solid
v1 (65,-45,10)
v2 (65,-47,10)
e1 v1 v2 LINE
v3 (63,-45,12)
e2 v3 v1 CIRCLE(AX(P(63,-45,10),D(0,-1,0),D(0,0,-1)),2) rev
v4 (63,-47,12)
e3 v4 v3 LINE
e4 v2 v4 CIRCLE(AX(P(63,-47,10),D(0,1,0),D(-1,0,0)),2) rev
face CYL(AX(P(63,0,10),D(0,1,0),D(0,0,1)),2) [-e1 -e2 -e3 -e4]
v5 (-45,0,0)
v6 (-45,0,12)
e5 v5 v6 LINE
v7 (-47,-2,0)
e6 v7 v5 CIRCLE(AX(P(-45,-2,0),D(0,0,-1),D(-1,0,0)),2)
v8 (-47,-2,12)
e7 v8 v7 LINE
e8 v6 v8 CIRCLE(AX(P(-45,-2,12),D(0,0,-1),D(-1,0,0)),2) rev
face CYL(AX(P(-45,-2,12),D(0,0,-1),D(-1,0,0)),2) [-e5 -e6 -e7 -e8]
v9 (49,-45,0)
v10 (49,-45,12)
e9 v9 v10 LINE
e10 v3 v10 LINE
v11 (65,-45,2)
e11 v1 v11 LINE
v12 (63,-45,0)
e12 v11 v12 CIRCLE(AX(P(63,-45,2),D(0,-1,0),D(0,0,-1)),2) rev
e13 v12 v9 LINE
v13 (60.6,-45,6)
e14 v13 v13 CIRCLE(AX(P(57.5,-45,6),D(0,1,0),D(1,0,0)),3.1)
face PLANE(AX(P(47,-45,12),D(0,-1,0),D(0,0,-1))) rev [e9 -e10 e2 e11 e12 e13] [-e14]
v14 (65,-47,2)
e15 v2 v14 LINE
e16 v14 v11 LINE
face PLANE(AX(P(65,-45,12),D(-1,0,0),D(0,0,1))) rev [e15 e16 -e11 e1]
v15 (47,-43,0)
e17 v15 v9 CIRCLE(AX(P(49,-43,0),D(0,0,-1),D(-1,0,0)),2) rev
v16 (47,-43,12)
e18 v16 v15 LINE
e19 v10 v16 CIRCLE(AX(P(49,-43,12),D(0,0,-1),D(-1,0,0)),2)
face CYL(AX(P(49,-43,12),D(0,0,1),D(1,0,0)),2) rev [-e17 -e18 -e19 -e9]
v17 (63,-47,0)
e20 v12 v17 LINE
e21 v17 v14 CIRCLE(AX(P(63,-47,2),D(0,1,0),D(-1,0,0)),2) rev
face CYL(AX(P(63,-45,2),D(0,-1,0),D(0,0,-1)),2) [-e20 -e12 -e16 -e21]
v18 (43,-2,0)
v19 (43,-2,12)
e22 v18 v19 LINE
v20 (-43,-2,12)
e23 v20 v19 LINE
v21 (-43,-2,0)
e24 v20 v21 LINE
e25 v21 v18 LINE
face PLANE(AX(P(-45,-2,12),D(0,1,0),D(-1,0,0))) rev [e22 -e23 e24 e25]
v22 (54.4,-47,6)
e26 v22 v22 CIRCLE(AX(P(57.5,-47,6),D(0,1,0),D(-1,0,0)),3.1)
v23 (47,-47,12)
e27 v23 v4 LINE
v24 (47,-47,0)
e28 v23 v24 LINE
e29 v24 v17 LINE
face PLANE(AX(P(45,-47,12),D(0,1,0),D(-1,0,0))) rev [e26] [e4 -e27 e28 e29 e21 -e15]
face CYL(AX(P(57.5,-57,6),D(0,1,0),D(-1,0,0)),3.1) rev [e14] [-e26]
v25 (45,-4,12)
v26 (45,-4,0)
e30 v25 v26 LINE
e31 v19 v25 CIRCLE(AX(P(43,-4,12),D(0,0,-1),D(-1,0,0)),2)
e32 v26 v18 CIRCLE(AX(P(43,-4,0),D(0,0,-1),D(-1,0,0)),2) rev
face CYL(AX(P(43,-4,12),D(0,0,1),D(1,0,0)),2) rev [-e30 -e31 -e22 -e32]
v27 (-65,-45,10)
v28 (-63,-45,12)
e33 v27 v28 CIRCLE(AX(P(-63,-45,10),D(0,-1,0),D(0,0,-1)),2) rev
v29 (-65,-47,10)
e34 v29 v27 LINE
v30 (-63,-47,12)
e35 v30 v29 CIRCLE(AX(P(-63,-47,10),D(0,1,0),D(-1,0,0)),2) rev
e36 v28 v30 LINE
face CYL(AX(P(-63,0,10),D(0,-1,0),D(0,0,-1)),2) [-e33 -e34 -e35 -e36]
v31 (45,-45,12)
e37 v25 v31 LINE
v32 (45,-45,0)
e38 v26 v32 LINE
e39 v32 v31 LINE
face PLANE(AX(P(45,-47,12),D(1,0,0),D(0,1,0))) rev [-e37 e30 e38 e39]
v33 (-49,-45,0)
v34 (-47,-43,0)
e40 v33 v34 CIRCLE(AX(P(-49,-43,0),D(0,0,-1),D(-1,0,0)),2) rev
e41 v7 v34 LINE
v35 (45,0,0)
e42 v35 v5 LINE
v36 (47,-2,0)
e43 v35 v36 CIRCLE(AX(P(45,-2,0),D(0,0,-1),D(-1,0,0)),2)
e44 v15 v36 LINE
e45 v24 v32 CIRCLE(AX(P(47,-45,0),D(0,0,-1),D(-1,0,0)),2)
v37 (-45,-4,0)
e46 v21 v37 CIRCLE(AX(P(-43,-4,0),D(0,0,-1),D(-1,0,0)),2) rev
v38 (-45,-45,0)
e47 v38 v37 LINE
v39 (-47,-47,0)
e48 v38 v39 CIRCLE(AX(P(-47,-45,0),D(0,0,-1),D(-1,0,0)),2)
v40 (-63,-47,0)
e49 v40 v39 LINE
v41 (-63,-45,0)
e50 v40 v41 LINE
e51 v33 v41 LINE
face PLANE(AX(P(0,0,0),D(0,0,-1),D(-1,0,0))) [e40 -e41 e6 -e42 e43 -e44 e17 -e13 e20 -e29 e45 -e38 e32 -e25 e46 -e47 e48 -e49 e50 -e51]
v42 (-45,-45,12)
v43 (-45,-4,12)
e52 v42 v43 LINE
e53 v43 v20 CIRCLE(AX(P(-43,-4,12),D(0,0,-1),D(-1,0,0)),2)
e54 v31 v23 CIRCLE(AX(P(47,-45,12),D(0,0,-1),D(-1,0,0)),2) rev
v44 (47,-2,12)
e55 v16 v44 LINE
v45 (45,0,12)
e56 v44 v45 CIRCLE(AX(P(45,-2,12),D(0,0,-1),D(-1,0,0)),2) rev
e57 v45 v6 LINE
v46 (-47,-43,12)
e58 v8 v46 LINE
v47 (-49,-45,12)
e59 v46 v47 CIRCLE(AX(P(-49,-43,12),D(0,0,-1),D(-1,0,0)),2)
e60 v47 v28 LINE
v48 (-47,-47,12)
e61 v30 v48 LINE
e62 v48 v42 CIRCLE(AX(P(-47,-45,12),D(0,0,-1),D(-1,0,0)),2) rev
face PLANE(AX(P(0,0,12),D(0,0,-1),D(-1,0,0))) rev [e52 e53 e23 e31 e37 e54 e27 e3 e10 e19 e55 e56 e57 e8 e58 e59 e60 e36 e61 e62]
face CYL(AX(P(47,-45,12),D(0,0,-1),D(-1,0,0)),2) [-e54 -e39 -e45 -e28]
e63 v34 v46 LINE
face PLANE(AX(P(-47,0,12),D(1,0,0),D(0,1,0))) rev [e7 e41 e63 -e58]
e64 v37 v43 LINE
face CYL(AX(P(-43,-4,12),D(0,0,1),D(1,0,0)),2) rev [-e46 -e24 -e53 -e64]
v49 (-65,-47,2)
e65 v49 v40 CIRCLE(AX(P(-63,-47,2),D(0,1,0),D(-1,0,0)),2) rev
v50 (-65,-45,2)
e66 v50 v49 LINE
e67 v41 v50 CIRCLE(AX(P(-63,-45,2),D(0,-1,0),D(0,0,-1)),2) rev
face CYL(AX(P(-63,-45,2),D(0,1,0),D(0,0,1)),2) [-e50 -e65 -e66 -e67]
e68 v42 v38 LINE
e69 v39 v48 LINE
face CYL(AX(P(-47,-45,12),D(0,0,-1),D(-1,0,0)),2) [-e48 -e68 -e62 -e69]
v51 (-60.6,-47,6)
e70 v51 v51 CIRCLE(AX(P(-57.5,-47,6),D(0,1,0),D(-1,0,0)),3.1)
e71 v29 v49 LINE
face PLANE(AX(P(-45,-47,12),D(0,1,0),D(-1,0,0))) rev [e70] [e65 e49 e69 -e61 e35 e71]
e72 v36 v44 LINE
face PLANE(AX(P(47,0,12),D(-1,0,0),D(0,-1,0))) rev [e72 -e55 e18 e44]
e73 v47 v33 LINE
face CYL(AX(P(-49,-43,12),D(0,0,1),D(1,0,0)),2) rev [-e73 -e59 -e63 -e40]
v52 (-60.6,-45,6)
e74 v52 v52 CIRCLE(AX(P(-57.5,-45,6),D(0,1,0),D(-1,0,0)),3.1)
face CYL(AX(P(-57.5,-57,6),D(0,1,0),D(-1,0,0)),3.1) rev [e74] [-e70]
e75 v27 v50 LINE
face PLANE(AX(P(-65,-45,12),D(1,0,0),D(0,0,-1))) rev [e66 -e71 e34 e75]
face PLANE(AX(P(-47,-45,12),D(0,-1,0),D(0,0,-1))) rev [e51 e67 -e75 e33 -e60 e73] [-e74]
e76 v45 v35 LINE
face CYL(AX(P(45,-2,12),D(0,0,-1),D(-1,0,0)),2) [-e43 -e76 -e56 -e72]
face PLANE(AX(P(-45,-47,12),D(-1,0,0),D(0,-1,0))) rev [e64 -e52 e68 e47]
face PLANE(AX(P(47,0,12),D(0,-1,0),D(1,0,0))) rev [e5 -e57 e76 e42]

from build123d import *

# Parameters (mm, degrees)
EXTRUDE_1_DEPTH     = 12
FILLET_1_R          = 2
SKETCH_2_R          = 3.1
CUT_EXTRUDE_1_DEPTH = 12


with BuildPart() as part:
    # ｽｹｯﾁ1 → ﾎﾞｽ - 押し出し1 (new body)
    with BuildSketch(Plane.XY):
        Polygon((47, 0), (-47, 0), (-47, -45), (-65, -45), (-65, -47), (-45, -47), (-45, -2), (45, -2), (45, -47), (65, -47), (65, -45), (47, -45), align=None)
    extrude(amount=EXTRUDE_1_DEPTH)

    # ﾌｨﾚｯﾄ1
    fillet_1_edges = [part.edges().sort_by_distance(p)[0] for p in [
        (65, -46, 0),
        (-65, -46, 0),
        (-65, -46, 12),
        (45, -47, 6),
        (45, -2, 6),
        (-45, -2, 6),
        (-45, -47, 6),
        (-47, -45, 6),
        (-47, 0, 6),
        (47, 0, 6),
        (47, -45, 6),
        (65, -46, 12),
    ]]
    fillet(fillet_1_edges, radius=FILLET_1_R)

    # ｽｹｯﾁ2 → ｶｯﾄ - 押し出し1 (cut)
    with BuildSketch(Plane(origin=(0, -45, 0), x_dir=(1, 0, 0), z_dir=(0, 1, 0))):
        with Locations(Location((-57.5, -6, 0), (0, 0, 180))):
            Circle(SKETCH_2_R)
        with Locations(Location((57.5, -6, 0), (0, 0, 180))):
            Circle(SKETCH_2_R)
    extrude(amount=-CUT_EXTRUDE_1_DEPTH, mode=Mode.SUBTRACT)


solid = part.part
